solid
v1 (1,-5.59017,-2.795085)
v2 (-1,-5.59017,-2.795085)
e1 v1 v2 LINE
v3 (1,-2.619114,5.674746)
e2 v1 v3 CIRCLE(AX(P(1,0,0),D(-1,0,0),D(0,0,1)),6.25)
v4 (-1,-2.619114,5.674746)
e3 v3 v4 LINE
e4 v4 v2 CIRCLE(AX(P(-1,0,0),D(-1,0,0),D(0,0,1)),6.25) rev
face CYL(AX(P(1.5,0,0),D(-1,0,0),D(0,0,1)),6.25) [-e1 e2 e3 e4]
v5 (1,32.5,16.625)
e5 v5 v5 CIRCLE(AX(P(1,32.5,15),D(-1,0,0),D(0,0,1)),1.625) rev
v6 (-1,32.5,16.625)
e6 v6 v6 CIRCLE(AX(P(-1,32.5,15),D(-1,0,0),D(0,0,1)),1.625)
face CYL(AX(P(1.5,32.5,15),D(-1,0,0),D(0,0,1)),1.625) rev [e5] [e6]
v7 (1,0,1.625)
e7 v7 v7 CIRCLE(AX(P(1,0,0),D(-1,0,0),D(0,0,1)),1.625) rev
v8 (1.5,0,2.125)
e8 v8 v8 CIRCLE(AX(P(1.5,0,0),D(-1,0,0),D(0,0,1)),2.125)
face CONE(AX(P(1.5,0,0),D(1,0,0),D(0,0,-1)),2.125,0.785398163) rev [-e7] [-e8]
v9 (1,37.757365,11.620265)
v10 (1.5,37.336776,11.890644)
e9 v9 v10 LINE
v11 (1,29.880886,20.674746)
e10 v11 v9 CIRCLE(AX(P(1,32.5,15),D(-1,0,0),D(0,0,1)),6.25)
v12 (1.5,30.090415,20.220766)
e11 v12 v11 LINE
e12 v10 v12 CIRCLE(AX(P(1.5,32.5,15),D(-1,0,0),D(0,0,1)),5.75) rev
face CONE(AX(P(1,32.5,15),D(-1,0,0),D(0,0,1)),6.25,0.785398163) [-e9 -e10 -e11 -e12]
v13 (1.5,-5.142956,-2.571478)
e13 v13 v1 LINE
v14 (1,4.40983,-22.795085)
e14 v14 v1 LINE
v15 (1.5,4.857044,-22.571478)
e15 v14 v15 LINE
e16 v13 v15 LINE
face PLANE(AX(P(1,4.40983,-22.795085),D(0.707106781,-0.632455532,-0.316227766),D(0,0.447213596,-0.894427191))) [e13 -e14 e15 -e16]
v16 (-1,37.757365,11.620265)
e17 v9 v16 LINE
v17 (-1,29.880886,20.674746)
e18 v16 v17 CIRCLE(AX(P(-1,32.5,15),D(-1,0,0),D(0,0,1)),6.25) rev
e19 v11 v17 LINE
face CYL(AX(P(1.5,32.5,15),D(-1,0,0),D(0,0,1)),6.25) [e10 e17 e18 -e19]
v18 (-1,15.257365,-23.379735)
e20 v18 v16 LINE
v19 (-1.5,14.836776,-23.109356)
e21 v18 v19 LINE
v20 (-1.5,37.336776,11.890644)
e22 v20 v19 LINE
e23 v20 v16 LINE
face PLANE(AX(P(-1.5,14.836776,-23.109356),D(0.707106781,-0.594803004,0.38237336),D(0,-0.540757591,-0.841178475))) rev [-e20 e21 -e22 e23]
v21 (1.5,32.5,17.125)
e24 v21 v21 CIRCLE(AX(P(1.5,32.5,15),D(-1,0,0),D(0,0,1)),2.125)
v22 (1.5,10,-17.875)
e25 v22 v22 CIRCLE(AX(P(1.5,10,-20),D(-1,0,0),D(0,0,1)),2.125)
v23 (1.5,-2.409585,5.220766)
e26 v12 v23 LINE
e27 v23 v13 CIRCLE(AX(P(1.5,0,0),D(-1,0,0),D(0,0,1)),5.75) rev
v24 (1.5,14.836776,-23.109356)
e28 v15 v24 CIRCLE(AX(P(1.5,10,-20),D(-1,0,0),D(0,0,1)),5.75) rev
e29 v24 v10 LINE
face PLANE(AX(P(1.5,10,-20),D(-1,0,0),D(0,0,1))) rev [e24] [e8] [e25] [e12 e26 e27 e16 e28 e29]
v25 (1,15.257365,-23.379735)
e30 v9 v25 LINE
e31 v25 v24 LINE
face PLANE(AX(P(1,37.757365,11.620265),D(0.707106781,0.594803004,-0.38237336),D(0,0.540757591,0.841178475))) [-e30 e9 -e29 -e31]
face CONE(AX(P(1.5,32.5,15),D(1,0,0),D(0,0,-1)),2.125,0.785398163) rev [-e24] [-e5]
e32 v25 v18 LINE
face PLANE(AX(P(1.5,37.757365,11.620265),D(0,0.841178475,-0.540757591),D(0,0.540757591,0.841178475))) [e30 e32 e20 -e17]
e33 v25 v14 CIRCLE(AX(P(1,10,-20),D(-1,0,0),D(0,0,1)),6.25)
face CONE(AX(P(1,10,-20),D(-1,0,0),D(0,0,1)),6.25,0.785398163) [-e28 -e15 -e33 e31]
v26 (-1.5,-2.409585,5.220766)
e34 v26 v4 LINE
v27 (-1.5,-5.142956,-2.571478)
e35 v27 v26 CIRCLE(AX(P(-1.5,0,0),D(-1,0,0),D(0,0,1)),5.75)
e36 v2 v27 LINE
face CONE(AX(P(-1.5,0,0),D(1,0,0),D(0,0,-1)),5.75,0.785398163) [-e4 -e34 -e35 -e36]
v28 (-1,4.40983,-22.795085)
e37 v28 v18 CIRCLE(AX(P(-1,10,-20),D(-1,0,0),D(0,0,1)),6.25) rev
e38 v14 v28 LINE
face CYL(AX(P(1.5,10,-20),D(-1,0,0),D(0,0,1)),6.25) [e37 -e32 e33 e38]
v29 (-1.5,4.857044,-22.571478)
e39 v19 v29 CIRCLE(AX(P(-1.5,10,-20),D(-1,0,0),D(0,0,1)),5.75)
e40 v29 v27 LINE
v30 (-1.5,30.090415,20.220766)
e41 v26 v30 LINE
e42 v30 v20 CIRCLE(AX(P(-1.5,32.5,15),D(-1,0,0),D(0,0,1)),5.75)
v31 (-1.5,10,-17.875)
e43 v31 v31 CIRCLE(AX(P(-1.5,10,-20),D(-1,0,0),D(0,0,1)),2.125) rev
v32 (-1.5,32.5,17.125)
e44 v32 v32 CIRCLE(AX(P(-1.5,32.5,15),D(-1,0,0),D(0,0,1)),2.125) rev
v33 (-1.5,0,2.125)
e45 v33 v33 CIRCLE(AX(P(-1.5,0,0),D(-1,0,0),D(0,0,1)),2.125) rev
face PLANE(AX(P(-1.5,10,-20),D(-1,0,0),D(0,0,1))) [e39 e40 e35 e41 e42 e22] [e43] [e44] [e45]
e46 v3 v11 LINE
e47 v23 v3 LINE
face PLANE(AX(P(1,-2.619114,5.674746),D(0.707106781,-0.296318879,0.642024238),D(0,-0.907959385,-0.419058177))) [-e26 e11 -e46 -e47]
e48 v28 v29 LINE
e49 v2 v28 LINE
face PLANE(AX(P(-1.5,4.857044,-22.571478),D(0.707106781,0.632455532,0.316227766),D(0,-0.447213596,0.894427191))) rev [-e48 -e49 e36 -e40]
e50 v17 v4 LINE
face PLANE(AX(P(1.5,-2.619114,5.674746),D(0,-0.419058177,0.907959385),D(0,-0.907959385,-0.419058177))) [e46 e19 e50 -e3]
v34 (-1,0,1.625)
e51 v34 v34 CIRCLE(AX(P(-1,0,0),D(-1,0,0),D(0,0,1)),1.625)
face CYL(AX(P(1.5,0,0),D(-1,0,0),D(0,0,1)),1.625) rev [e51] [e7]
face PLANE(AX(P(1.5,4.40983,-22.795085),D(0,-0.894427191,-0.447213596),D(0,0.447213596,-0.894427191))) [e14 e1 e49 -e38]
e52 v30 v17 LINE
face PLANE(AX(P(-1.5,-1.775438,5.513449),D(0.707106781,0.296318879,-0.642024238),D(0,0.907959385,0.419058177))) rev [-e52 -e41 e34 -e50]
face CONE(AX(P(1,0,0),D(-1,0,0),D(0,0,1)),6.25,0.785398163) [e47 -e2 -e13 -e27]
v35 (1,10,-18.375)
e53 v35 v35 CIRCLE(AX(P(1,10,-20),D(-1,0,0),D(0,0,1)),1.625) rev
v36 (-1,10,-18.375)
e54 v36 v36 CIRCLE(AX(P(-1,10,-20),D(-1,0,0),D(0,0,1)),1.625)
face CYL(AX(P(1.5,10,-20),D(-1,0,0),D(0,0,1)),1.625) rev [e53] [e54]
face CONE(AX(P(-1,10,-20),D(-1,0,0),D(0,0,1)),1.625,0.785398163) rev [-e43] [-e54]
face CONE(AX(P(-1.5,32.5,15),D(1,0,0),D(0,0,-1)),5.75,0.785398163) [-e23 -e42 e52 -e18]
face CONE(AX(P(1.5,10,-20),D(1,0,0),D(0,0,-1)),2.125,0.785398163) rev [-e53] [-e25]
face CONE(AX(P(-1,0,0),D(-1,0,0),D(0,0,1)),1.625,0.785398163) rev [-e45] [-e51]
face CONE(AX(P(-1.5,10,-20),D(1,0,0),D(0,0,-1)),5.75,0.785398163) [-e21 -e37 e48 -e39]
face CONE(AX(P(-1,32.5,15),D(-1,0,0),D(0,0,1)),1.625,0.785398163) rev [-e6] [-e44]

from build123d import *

# Parameters (mm, degrees)
SKETCH_1_R          = 1.625
EXTRUDE_1_DEPTH     = 3
CHAMFER_1_SIZE      = 0.5
CUT_EXTRUDE_1_DEPTH = 10
CHAMFER_2_SIZE      = 0.5
EXTRUDE_2_DEPTH     = 3


with BuildPart() as part:
    # 草图1 → 凸台-拉伸1 (new body)
    with BuildSketch(Plane(origin=(-1.5, 0, 0), x_dir=(0, -1, 0), z_dir=(-1, 0, 0))):
        with BuildLine():
            Line((-4.409830069, -22.795084974), (5.590169942, -2.795084974))
            ThreePointArc((5.590169942, -2.795084974), (5.897676995, 2.068793383), (2.619113609, 5.674746153))
            Line((2.619113609, 5.674746153), (-29.880886391, 20.674746153))
            ThreePointArc((-29.880886391, 20.674746153), (-37.215506358, 19.102011676), (-37.757365472, 11.620265055))
            Line((-37.757365472, 11.620265055), (-15.257365483, -23.379734945))
            ThreePointArc((-15.257365483, -23.379734945), (-9.663631759, -26.240941948), (-4.409830069, -22.795084974))
        make_face()
        with Locations(Location((0, 0, 0), (0, 0, 270))):
            Circle(SKETCH_1_R, mode=Mode.SUBTRACT)
        with Locations(Location((-32.5, 15, 0), (0, 0, 270))):
            Circle(SKETCH_1_R, mode=Mode.SUBTRACT)
        with Locations(Location((-10.000000011, -20, 0), (0, 0, 270))):
            Circle(SKETCH_1_R, mode=Mode.SUBTRACT)
        with BuildLine():
            Line((-25.696229087, 9.501814319), (-12.177289309, -11.527647568))
            ThreePointArc((-12.177289309, -11.527647568), (-12.703025857, -13.946035685), (-15.121413973, -13.420299137))
            Line((-15.121413973, -13.420299137), (-28.640353751, 7.60916275))
            ThreePointArc((-28.640353751, 7.60916275), (-28.114617204, 10.027550867), (-25.696229087, 9.501814319))
        make_face(mode=Mode.SUBTRACT)
        with BuildLine():
            Line((-15.542003206, 7.113468289), (-6.078745362, -7.607155033))
            ThreePointArc((-6.078745362, -7.607155033), (-6.604481909, -10.025543149), (-9.022870026, -9.499806601))
            Line((-9.022870026, -9.499806601), (-18.48612787, 5.22081672))
            ThreePointArc((-18.48612787, 5.22081672), (-17.960391323, 7.639204836), (-15.542003206, 7.113468289))
        make_face(mode=Mode.SUBTRACT)
    extrude(amount=-EXTRUDE_1_DEPTH)

    # 倒角1
    chamfer_1_edges = [part.edges().sort_by_distance(p)[0] for p in [
        (1.5, -5.897676995, 2.068793383),
        (1.5, 13.630886391, 13.174746153),
        (1.5, 0, 1.625),
        (-1.5, 0, 1.625),
        (1.5, 32.5, 16.625),
        (1.5, 37.215506358, 19.102011676),
        (-1.5, 32.5, 16.625),
        (1.5, 10.000000011, -18.375),
        (1.5, 26.507365477, -5.879734945),
        (-1.5, 10.000000011, -18.375),
        (1.5, 28.114617204, 10.027550867),
        (1.5, 18.936759198, -1.012916624),
        (1.5, 12.703025857, -13.946035685),
        (1.5, 21.880883862, -2.905568193),
        (-1.5, 28.114617204, 10.027550867),
        (-1.5, 21.880883862, -2.905568193),
        (-1.5, 12.703025857, -13.946035685),
        (-1.5, 18.936759198, -1.012916624),
        (1.5, 17.960391323, 7.639204836),
        (1.5, 10.810374284, -0.246843372),
        (1.5, 6.604481909, -10.025543149),
        (1.5, 13.754498948, -2.139494941),
        (-1.5, 17.960391323, 7.639204836),
        (-1.5, 13.754498948, -2.139494941),
        (-1.5, 6.604481909, -10.025543149),
        (-1.5, 10.810374284, -0.246843372),
        (1.5, 9.663631759, -26.240941948),
        (-1.5, 26.507365477, -5.879734945),
        (-1.5, 37.215506358, 19.102011676),
        (-1.5, 13.630886391, 13.174746153),
        (-1.5, -5.897676995, 2.068793383),
        (-1.5, -0.590169937, -12.795084974),
        (-1.5, 9.663631759, -26.240941948),
        (1.5, -0.590169937, -12.795084974),
    ]]
    chamfer(chamfer_1_edges, length=CHAMFER_1_SIZE)

    # 草图2 → 切除-拉伸1 (cut)
    with BuildSketch(Plane(origin=(1.5, 0, 0), x_dir=(0, 0, -1), z_dir=(1, 0, 0))):
        with BuildLine():
            Line((-3.928015544, 10.805893754), (0.277876833, 8.102105799))
            ThreePointArc((0.277876833, 8.102105799), (0.803613381, 5.683717682), (-1.614774736, 5.157981135))
            Line((-1.614774736, 5.157981135), (-5.820667113, 7.86176909))
            ThreePointArc((-5.820667113, 7.86176909), (-6.346403661, 10.280157207), (-3.928015544, 10.805893754))
        make_face()
    extrude(amount=-CUT_EXTRUDE_1_DEPTH, mode=Mode.SUBTRACT)

    # 倒角2
    chamfer_2_edges = [part.edges().sort_by_distance(p)[0] for p in [
        (-1.5, 5.683717682, -0.803613381),
        (-1.5, 9.453999777, 1.825069356),
        (-1.5, 10.280157207, 6.346403661),
        (-1.5, 6.509875112, 3.717720925),
        (1.5, 9.453999777, 1.825069356),
        (1.5, 6.509875112, 3.717720925),
        (1.5, 5.683717682, -0.803613381),
        (1.5, 10.280157207, 6.346403661),
    ]]
    chamfer(chamfer_2_edges, length=CHAMFER_2_SIZE)

    # Sketch 3D_1 → 凸台-拉伸2 (add)
    with BuildSketch(Plane(origin=(1.5, 33.431032362, 9.779789625), x_dir=(0, -0.8679628670019027, -0.49662909852911097), z_dir=(1, 0, 0))):
        Polygon((0, 0), (27.366404933, 14.397799707), (33.391580963, 10.950327639), (36.801934048, 0), (32.111357291, -5.715828848), (26.004298505, -10.99963533), (16.146301167, -10.675777123), (2.885850361, -3.94968319), align=None)
    extrude(amount=-EXTRUDE_2_DEPTH)


solid = part.part
